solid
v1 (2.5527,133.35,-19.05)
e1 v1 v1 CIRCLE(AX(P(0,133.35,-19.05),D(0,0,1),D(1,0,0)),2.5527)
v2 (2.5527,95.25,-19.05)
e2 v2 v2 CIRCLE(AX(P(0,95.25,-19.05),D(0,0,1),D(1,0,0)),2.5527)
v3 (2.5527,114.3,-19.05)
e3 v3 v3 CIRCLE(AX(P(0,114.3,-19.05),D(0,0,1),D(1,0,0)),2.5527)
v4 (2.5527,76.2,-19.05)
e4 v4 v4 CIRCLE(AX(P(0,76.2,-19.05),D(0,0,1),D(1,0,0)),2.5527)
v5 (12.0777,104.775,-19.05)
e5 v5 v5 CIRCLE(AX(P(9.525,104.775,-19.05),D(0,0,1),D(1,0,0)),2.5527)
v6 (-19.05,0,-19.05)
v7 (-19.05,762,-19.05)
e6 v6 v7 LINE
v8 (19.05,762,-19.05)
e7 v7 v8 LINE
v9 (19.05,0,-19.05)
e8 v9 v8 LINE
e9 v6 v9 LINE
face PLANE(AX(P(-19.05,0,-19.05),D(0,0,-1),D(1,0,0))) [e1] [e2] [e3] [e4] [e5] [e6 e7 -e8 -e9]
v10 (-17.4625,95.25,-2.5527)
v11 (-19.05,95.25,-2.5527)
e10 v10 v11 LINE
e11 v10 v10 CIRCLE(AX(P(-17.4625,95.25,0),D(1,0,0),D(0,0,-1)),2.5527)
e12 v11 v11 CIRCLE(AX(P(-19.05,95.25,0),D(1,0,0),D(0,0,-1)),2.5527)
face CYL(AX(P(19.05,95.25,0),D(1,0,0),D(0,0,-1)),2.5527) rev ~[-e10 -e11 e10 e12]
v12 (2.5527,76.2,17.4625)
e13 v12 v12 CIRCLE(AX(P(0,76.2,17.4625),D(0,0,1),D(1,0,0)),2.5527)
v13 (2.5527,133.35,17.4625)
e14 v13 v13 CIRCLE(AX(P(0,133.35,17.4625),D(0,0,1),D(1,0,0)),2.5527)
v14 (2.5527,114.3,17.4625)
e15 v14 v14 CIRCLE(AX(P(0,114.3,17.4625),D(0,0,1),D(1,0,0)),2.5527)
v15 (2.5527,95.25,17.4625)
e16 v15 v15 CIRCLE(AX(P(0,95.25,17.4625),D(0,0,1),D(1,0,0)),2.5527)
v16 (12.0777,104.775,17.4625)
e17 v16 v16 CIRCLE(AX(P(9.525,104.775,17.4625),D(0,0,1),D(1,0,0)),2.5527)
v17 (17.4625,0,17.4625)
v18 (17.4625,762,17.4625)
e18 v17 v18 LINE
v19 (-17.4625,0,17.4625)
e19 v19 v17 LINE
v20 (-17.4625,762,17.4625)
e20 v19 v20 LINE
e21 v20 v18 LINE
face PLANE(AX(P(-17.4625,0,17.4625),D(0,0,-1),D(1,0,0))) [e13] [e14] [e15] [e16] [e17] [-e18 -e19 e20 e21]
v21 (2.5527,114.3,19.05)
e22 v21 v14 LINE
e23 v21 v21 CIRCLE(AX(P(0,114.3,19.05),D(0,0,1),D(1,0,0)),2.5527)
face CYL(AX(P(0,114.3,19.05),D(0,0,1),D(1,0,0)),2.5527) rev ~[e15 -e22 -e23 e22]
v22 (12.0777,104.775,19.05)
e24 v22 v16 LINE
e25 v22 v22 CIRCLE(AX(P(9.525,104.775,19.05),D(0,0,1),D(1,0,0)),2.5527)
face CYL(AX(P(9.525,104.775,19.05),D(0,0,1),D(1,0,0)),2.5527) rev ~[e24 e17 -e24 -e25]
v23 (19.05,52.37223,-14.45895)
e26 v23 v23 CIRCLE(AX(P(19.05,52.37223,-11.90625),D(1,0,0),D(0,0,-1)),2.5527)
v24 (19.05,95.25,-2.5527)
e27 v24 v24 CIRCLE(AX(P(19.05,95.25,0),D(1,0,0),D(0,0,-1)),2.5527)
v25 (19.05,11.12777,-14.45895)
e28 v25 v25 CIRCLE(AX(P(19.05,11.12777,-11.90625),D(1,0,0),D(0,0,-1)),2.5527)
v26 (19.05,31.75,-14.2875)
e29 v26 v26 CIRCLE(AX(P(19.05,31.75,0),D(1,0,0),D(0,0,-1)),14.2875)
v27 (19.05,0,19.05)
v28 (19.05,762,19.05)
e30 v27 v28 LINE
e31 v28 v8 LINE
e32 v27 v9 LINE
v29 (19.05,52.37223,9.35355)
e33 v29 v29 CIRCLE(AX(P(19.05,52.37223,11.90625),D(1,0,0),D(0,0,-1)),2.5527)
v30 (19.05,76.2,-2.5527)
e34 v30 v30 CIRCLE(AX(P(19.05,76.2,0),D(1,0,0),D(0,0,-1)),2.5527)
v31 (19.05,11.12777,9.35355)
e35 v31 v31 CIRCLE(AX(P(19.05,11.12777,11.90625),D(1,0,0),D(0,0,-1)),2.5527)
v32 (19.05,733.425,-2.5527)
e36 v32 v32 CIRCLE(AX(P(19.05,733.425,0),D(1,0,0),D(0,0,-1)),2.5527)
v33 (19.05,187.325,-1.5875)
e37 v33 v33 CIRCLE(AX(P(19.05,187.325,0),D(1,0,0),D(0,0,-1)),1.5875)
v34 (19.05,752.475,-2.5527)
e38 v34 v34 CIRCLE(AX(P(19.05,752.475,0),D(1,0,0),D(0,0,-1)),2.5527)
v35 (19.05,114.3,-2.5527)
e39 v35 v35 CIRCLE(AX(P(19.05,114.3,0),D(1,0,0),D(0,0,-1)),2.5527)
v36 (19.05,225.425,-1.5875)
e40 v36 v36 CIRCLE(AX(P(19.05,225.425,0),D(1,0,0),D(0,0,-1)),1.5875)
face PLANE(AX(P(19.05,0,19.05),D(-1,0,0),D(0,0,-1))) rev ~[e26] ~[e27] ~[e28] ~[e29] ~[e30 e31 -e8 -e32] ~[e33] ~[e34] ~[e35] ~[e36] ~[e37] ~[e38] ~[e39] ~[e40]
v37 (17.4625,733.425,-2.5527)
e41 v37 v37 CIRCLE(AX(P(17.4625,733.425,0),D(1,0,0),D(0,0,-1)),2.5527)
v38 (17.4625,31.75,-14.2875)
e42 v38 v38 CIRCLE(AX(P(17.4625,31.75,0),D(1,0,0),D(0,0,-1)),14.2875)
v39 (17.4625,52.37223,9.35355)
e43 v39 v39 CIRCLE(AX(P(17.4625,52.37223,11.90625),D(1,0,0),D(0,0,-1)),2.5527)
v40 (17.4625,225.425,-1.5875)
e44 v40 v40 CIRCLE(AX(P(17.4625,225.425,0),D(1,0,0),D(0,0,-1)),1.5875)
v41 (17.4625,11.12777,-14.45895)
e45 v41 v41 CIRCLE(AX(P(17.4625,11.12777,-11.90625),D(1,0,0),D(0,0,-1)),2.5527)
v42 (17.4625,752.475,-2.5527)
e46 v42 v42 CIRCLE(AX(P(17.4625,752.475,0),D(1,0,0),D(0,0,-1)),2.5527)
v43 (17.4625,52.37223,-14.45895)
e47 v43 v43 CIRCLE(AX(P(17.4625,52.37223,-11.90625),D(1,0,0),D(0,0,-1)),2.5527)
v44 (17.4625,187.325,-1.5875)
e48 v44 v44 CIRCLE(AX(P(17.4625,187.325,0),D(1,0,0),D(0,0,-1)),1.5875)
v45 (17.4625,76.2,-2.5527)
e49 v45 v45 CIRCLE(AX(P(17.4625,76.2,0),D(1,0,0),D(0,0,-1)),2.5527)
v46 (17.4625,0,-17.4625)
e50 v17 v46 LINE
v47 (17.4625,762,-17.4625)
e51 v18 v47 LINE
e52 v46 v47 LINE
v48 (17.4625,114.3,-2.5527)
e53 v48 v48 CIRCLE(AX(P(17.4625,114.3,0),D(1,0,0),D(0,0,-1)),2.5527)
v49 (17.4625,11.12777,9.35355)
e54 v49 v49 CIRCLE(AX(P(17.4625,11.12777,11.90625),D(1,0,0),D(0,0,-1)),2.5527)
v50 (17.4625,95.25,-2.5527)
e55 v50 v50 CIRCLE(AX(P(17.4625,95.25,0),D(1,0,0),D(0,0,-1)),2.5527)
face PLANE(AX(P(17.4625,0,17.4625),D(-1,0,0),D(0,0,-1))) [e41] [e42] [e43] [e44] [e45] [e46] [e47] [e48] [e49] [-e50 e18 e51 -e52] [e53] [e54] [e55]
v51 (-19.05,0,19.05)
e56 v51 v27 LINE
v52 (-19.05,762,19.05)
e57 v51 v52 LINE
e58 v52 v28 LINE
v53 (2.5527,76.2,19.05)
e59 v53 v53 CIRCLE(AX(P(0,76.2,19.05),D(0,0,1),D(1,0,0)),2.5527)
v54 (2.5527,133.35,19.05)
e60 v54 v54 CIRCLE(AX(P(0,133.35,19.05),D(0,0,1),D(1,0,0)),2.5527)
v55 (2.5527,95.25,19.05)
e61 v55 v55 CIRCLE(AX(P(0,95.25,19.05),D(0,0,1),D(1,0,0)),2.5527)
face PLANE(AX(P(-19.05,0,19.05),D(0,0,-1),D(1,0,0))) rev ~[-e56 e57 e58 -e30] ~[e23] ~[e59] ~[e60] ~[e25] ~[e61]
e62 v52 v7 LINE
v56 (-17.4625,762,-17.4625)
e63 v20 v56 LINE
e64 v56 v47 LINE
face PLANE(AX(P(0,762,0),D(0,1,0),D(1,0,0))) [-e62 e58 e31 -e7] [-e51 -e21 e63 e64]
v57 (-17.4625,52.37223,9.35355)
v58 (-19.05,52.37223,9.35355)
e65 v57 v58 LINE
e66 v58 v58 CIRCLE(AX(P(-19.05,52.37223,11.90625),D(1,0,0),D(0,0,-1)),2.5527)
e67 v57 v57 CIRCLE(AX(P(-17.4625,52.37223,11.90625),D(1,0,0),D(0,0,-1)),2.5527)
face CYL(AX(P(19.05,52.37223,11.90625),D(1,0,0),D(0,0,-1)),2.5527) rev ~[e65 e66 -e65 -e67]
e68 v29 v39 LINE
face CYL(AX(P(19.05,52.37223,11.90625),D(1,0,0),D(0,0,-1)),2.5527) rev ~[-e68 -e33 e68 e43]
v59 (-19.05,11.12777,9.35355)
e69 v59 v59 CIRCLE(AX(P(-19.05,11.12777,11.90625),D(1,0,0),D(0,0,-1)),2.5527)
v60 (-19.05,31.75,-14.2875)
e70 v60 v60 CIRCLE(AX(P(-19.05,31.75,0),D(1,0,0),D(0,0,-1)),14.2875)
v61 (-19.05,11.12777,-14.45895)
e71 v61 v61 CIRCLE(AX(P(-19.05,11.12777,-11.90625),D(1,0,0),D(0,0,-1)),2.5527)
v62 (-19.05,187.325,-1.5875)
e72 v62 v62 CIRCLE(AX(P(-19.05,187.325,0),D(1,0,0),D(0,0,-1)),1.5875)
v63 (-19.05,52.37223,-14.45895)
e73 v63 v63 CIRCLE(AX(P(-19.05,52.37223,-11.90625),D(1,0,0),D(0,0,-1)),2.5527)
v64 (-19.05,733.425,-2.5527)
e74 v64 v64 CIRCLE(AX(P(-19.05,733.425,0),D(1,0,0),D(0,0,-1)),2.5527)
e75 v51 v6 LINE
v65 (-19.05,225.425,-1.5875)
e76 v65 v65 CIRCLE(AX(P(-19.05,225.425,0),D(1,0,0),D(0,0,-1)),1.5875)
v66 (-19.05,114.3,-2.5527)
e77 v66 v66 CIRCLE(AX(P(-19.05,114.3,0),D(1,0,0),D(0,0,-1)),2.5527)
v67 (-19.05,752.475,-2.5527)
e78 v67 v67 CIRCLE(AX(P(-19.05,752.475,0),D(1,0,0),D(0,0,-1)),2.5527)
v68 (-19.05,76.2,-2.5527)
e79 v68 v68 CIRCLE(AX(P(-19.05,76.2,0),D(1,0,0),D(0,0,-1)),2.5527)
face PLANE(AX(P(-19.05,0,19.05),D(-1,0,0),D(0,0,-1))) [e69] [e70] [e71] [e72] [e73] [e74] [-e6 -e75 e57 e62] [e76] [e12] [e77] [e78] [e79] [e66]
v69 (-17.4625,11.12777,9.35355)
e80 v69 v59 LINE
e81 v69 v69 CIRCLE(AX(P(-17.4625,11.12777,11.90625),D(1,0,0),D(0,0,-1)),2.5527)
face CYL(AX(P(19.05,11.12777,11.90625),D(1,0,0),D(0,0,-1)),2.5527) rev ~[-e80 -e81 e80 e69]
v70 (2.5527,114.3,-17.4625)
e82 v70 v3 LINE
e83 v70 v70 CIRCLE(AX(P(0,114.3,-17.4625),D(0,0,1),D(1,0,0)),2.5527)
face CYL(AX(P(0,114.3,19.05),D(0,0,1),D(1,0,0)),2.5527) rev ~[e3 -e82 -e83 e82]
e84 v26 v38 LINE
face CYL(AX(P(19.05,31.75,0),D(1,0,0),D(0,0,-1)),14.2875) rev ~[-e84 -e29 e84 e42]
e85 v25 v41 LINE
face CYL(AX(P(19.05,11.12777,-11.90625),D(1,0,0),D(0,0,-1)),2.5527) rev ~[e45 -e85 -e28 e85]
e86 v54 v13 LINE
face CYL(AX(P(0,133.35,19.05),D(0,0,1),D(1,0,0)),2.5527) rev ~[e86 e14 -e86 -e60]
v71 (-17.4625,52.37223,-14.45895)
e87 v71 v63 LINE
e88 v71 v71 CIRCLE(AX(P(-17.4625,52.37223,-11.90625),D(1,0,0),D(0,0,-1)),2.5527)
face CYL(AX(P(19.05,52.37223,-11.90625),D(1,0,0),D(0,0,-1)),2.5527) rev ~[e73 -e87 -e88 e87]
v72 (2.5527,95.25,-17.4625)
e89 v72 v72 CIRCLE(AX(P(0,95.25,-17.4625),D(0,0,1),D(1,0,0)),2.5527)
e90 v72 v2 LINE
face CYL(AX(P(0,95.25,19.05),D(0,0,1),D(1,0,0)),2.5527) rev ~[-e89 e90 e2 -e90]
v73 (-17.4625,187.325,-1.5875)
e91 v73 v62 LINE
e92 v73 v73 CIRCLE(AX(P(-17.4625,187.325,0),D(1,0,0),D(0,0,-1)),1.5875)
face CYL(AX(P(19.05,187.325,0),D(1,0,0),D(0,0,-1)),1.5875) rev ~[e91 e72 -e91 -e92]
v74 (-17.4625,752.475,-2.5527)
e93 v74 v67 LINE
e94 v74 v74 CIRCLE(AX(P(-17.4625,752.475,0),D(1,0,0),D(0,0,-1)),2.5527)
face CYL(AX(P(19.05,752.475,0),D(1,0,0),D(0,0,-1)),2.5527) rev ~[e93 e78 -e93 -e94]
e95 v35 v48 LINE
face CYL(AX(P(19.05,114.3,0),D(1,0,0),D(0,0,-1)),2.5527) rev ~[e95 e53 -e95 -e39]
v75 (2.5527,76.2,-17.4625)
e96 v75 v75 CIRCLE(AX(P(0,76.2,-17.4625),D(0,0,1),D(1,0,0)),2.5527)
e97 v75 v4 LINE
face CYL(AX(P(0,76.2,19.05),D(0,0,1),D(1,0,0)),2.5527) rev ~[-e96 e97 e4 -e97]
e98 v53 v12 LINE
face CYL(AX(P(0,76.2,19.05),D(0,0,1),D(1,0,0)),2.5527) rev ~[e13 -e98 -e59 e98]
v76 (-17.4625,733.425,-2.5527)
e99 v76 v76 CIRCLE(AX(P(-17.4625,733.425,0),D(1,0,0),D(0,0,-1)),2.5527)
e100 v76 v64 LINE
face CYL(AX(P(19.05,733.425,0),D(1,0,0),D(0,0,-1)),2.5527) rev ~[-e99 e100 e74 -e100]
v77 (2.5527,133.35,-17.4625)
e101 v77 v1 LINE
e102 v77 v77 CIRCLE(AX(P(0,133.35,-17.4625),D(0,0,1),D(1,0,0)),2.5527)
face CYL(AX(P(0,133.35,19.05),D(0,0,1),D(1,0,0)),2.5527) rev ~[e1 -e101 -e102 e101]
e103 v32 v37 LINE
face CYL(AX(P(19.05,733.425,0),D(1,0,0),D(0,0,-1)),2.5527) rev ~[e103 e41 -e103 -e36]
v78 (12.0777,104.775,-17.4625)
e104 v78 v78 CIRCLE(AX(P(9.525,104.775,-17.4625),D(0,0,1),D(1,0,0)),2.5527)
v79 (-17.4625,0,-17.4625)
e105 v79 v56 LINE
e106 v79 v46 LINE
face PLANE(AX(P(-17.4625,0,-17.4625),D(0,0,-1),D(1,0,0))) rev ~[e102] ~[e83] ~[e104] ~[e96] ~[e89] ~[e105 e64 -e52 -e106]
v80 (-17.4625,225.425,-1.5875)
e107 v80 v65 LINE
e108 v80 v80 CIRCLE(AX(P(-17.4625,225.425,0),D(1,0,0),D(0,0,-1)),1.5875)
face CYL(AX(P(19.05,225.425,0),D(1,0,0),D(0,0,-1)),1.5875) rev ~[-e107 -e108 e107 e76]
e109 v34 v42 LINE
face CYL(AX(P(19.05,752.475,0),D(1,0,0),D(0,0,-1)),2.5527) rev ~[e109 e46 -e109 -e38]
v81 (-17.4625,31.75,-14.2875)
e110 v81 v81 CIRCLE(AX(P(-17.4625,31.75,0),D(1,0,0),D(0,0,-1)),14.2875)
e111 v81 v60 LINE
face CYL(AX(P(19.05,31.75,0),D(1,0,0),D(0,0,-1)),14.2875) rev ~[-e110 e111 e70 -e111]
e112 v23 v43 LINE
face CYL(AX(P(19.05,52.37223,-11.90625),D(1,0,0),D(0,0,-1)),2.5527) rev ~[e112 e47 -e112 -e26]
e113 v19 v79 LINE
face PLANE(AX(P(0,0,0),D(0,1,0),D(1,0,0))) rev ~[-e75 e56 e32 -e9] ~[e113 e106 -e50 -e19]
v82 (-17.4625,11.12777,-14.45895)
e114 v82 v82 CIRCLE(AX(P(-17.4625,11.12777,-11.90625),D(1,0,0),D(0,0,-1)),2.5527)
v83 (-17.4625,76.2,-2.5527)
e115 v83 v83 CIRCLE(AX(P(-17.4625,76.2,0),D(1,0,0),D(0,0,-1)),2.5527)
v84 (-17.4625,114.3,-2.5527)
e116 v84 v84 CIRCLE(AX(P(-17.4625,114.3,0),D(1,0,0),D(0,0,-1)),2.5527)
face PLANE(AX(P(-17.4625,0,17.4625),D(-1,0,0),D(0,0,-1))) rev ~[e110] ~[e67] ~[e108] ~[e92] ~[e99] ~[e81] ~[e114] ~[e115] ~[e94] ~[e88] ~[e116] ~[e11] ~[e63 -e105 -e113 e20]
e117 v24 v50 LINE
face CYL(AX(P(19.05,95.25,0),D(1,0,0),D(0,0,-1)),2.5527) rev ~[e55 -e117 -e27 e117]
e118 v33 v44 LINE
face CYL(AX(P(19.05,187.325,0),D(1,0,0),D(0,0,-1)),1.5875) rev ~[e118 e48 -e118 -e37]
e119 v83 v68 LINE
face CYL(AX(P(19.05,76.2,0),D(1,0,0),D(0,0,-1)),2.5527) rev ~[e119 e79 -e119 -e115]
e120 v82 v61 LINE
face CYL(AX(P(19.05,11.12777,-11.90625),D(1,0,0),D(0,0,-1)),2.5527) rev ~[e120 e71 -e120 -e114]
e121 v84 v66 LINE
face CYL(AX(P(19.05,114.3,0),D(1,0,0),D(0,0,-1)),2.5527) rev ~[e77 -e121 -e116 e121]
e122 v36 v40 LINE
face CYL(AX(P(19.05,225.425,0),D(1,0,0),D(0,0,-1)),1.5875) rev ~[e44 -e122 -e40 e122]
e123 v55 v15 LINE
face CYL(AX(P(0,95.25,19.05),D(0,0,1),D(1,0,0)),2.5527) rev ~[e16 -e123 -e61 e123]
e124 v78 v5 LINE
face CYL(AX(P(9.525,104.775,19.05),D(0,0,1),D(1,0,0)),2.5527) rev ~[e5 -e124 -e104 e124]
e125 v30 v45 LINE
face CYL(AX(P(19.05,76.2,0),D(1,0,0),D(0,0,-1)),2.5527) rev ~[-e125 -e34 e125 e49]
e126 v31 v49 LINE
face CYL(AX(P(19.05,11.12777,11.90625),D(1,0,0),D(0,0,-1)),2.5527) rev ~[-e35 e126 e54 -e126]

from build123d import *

# Parameters (mm, degrees)
SKETCH1_W           = 38.1
SKETCH1_H           = 38.1
SKETCH1_W_2         = 34.925
SKETCH1_H_2         = 34.925
BOSS_EXTRUDE1_DEPTH = 762
SKETCH2_R           = 2.5527
CUT_EXTRUDE1_DEPTH  = 39.1
SKETCH3_R           = 2.5527
SKETCH3_R_2         = 1.5875
CUT_EXTRUDE2_DEPTH  = 39.1
SKETCH4_R           = 14.2875
SKETCH4_R_2         = 2.5527
CUT_EXTRUDE3_DEPTH  = 39.1


with BuildPart() as part:
    # Sketch1 → Boss-Extrude1 (new body)
    with BuildSketch(Plane(origin=(0, 0, 0), x_dir=(1, 0, 0), z_dir=(0, 1, 0))):
        Rectangle(SKETCH1_W, SKETCH1_H)
        Rectangle(SKETCH1_W_2, SKETCH1_H_2, mode=Mode.SUBTRACT)
    extrude(amount=BOSS_EXTRUDE1_DEPTH)

    # Sketch2 → Cut-Extrude1 (cut, through all)
    with BuildSketch(Plane.XY.offset(19.05)):
        with Locations((0, 76.2)):
            Circle(SKETCH2_R)
        with Locations((0, 95.25)):
            Circle(SKETCH2_R)
        with Locations((0, 114.3)):
            Circle(SKETCH2_R)
        with Locations((0, 133.35)):
            Circle(SKETCH2_R)
        with Locations((9.525, 104.775)):
            Circle(SKETCH2_R)
    extrude(amount=-CUT_EXTRUDE1_DEPTH, mode=Mode.SUBTRACT)

    # Sketch3 → Cut-Extrude2 (cut, through all)
    with BuildSketch(Plane(origin=(19.05, 0, 0), x_dir=(0, 0, -1), z_dir=(1, 0, 0))):
        with Locations((0, 76.2)):
            Circle(SKETCH3_R)
        with Locations((0, 95.25)):
            Circle(SKETCH3_R)
        with Locations((0, 114.3)):
            Circle(SKETCH3_R)
        with Locations((0, 225.425)):
            Circle(SKETCH3_R_2)
        with Locations((0, 187.325)):
            Circle(SKETCH3_R_2)
        with Locations((0, 752.475)):
            Circle(SKETCH3_R)
        with Locations((0, 733.425)):
            Circle(SKETCH3_R)
    extrude(amount=-CUT_EXTRUDE2_DEPTH, mode=Mode.SUBTRACT)

    # Sketch4 → Cut-Extrude3 (cut, through all)
    with BuildSketch(Plane(origin=(19.05, 0, 0), x_dir=(0, 0, -1), z_dir=(1, 0, 0))):
        with Locations((0, 31.75)):
            Circle(SKETCH4_R)
        with Locations((-11.90625, 52.372229928)):
            Circle(SKETCH4_R_2)
        with Locations((11.90625, 52.372229928)):
            Circle(SKETCH4_R_2)
        with Locations((11.90625, 11.127770072)):
            Circle(SKETCH4_R_2)
        with Locations((-11.90625, 11.127770072)):
            Circle(SKETCH4_R_2)
    extrude(amount=-CUT_EXTRUDE3_DEPTH, mode=Mode.SUBTRACT)


solid = part.part
